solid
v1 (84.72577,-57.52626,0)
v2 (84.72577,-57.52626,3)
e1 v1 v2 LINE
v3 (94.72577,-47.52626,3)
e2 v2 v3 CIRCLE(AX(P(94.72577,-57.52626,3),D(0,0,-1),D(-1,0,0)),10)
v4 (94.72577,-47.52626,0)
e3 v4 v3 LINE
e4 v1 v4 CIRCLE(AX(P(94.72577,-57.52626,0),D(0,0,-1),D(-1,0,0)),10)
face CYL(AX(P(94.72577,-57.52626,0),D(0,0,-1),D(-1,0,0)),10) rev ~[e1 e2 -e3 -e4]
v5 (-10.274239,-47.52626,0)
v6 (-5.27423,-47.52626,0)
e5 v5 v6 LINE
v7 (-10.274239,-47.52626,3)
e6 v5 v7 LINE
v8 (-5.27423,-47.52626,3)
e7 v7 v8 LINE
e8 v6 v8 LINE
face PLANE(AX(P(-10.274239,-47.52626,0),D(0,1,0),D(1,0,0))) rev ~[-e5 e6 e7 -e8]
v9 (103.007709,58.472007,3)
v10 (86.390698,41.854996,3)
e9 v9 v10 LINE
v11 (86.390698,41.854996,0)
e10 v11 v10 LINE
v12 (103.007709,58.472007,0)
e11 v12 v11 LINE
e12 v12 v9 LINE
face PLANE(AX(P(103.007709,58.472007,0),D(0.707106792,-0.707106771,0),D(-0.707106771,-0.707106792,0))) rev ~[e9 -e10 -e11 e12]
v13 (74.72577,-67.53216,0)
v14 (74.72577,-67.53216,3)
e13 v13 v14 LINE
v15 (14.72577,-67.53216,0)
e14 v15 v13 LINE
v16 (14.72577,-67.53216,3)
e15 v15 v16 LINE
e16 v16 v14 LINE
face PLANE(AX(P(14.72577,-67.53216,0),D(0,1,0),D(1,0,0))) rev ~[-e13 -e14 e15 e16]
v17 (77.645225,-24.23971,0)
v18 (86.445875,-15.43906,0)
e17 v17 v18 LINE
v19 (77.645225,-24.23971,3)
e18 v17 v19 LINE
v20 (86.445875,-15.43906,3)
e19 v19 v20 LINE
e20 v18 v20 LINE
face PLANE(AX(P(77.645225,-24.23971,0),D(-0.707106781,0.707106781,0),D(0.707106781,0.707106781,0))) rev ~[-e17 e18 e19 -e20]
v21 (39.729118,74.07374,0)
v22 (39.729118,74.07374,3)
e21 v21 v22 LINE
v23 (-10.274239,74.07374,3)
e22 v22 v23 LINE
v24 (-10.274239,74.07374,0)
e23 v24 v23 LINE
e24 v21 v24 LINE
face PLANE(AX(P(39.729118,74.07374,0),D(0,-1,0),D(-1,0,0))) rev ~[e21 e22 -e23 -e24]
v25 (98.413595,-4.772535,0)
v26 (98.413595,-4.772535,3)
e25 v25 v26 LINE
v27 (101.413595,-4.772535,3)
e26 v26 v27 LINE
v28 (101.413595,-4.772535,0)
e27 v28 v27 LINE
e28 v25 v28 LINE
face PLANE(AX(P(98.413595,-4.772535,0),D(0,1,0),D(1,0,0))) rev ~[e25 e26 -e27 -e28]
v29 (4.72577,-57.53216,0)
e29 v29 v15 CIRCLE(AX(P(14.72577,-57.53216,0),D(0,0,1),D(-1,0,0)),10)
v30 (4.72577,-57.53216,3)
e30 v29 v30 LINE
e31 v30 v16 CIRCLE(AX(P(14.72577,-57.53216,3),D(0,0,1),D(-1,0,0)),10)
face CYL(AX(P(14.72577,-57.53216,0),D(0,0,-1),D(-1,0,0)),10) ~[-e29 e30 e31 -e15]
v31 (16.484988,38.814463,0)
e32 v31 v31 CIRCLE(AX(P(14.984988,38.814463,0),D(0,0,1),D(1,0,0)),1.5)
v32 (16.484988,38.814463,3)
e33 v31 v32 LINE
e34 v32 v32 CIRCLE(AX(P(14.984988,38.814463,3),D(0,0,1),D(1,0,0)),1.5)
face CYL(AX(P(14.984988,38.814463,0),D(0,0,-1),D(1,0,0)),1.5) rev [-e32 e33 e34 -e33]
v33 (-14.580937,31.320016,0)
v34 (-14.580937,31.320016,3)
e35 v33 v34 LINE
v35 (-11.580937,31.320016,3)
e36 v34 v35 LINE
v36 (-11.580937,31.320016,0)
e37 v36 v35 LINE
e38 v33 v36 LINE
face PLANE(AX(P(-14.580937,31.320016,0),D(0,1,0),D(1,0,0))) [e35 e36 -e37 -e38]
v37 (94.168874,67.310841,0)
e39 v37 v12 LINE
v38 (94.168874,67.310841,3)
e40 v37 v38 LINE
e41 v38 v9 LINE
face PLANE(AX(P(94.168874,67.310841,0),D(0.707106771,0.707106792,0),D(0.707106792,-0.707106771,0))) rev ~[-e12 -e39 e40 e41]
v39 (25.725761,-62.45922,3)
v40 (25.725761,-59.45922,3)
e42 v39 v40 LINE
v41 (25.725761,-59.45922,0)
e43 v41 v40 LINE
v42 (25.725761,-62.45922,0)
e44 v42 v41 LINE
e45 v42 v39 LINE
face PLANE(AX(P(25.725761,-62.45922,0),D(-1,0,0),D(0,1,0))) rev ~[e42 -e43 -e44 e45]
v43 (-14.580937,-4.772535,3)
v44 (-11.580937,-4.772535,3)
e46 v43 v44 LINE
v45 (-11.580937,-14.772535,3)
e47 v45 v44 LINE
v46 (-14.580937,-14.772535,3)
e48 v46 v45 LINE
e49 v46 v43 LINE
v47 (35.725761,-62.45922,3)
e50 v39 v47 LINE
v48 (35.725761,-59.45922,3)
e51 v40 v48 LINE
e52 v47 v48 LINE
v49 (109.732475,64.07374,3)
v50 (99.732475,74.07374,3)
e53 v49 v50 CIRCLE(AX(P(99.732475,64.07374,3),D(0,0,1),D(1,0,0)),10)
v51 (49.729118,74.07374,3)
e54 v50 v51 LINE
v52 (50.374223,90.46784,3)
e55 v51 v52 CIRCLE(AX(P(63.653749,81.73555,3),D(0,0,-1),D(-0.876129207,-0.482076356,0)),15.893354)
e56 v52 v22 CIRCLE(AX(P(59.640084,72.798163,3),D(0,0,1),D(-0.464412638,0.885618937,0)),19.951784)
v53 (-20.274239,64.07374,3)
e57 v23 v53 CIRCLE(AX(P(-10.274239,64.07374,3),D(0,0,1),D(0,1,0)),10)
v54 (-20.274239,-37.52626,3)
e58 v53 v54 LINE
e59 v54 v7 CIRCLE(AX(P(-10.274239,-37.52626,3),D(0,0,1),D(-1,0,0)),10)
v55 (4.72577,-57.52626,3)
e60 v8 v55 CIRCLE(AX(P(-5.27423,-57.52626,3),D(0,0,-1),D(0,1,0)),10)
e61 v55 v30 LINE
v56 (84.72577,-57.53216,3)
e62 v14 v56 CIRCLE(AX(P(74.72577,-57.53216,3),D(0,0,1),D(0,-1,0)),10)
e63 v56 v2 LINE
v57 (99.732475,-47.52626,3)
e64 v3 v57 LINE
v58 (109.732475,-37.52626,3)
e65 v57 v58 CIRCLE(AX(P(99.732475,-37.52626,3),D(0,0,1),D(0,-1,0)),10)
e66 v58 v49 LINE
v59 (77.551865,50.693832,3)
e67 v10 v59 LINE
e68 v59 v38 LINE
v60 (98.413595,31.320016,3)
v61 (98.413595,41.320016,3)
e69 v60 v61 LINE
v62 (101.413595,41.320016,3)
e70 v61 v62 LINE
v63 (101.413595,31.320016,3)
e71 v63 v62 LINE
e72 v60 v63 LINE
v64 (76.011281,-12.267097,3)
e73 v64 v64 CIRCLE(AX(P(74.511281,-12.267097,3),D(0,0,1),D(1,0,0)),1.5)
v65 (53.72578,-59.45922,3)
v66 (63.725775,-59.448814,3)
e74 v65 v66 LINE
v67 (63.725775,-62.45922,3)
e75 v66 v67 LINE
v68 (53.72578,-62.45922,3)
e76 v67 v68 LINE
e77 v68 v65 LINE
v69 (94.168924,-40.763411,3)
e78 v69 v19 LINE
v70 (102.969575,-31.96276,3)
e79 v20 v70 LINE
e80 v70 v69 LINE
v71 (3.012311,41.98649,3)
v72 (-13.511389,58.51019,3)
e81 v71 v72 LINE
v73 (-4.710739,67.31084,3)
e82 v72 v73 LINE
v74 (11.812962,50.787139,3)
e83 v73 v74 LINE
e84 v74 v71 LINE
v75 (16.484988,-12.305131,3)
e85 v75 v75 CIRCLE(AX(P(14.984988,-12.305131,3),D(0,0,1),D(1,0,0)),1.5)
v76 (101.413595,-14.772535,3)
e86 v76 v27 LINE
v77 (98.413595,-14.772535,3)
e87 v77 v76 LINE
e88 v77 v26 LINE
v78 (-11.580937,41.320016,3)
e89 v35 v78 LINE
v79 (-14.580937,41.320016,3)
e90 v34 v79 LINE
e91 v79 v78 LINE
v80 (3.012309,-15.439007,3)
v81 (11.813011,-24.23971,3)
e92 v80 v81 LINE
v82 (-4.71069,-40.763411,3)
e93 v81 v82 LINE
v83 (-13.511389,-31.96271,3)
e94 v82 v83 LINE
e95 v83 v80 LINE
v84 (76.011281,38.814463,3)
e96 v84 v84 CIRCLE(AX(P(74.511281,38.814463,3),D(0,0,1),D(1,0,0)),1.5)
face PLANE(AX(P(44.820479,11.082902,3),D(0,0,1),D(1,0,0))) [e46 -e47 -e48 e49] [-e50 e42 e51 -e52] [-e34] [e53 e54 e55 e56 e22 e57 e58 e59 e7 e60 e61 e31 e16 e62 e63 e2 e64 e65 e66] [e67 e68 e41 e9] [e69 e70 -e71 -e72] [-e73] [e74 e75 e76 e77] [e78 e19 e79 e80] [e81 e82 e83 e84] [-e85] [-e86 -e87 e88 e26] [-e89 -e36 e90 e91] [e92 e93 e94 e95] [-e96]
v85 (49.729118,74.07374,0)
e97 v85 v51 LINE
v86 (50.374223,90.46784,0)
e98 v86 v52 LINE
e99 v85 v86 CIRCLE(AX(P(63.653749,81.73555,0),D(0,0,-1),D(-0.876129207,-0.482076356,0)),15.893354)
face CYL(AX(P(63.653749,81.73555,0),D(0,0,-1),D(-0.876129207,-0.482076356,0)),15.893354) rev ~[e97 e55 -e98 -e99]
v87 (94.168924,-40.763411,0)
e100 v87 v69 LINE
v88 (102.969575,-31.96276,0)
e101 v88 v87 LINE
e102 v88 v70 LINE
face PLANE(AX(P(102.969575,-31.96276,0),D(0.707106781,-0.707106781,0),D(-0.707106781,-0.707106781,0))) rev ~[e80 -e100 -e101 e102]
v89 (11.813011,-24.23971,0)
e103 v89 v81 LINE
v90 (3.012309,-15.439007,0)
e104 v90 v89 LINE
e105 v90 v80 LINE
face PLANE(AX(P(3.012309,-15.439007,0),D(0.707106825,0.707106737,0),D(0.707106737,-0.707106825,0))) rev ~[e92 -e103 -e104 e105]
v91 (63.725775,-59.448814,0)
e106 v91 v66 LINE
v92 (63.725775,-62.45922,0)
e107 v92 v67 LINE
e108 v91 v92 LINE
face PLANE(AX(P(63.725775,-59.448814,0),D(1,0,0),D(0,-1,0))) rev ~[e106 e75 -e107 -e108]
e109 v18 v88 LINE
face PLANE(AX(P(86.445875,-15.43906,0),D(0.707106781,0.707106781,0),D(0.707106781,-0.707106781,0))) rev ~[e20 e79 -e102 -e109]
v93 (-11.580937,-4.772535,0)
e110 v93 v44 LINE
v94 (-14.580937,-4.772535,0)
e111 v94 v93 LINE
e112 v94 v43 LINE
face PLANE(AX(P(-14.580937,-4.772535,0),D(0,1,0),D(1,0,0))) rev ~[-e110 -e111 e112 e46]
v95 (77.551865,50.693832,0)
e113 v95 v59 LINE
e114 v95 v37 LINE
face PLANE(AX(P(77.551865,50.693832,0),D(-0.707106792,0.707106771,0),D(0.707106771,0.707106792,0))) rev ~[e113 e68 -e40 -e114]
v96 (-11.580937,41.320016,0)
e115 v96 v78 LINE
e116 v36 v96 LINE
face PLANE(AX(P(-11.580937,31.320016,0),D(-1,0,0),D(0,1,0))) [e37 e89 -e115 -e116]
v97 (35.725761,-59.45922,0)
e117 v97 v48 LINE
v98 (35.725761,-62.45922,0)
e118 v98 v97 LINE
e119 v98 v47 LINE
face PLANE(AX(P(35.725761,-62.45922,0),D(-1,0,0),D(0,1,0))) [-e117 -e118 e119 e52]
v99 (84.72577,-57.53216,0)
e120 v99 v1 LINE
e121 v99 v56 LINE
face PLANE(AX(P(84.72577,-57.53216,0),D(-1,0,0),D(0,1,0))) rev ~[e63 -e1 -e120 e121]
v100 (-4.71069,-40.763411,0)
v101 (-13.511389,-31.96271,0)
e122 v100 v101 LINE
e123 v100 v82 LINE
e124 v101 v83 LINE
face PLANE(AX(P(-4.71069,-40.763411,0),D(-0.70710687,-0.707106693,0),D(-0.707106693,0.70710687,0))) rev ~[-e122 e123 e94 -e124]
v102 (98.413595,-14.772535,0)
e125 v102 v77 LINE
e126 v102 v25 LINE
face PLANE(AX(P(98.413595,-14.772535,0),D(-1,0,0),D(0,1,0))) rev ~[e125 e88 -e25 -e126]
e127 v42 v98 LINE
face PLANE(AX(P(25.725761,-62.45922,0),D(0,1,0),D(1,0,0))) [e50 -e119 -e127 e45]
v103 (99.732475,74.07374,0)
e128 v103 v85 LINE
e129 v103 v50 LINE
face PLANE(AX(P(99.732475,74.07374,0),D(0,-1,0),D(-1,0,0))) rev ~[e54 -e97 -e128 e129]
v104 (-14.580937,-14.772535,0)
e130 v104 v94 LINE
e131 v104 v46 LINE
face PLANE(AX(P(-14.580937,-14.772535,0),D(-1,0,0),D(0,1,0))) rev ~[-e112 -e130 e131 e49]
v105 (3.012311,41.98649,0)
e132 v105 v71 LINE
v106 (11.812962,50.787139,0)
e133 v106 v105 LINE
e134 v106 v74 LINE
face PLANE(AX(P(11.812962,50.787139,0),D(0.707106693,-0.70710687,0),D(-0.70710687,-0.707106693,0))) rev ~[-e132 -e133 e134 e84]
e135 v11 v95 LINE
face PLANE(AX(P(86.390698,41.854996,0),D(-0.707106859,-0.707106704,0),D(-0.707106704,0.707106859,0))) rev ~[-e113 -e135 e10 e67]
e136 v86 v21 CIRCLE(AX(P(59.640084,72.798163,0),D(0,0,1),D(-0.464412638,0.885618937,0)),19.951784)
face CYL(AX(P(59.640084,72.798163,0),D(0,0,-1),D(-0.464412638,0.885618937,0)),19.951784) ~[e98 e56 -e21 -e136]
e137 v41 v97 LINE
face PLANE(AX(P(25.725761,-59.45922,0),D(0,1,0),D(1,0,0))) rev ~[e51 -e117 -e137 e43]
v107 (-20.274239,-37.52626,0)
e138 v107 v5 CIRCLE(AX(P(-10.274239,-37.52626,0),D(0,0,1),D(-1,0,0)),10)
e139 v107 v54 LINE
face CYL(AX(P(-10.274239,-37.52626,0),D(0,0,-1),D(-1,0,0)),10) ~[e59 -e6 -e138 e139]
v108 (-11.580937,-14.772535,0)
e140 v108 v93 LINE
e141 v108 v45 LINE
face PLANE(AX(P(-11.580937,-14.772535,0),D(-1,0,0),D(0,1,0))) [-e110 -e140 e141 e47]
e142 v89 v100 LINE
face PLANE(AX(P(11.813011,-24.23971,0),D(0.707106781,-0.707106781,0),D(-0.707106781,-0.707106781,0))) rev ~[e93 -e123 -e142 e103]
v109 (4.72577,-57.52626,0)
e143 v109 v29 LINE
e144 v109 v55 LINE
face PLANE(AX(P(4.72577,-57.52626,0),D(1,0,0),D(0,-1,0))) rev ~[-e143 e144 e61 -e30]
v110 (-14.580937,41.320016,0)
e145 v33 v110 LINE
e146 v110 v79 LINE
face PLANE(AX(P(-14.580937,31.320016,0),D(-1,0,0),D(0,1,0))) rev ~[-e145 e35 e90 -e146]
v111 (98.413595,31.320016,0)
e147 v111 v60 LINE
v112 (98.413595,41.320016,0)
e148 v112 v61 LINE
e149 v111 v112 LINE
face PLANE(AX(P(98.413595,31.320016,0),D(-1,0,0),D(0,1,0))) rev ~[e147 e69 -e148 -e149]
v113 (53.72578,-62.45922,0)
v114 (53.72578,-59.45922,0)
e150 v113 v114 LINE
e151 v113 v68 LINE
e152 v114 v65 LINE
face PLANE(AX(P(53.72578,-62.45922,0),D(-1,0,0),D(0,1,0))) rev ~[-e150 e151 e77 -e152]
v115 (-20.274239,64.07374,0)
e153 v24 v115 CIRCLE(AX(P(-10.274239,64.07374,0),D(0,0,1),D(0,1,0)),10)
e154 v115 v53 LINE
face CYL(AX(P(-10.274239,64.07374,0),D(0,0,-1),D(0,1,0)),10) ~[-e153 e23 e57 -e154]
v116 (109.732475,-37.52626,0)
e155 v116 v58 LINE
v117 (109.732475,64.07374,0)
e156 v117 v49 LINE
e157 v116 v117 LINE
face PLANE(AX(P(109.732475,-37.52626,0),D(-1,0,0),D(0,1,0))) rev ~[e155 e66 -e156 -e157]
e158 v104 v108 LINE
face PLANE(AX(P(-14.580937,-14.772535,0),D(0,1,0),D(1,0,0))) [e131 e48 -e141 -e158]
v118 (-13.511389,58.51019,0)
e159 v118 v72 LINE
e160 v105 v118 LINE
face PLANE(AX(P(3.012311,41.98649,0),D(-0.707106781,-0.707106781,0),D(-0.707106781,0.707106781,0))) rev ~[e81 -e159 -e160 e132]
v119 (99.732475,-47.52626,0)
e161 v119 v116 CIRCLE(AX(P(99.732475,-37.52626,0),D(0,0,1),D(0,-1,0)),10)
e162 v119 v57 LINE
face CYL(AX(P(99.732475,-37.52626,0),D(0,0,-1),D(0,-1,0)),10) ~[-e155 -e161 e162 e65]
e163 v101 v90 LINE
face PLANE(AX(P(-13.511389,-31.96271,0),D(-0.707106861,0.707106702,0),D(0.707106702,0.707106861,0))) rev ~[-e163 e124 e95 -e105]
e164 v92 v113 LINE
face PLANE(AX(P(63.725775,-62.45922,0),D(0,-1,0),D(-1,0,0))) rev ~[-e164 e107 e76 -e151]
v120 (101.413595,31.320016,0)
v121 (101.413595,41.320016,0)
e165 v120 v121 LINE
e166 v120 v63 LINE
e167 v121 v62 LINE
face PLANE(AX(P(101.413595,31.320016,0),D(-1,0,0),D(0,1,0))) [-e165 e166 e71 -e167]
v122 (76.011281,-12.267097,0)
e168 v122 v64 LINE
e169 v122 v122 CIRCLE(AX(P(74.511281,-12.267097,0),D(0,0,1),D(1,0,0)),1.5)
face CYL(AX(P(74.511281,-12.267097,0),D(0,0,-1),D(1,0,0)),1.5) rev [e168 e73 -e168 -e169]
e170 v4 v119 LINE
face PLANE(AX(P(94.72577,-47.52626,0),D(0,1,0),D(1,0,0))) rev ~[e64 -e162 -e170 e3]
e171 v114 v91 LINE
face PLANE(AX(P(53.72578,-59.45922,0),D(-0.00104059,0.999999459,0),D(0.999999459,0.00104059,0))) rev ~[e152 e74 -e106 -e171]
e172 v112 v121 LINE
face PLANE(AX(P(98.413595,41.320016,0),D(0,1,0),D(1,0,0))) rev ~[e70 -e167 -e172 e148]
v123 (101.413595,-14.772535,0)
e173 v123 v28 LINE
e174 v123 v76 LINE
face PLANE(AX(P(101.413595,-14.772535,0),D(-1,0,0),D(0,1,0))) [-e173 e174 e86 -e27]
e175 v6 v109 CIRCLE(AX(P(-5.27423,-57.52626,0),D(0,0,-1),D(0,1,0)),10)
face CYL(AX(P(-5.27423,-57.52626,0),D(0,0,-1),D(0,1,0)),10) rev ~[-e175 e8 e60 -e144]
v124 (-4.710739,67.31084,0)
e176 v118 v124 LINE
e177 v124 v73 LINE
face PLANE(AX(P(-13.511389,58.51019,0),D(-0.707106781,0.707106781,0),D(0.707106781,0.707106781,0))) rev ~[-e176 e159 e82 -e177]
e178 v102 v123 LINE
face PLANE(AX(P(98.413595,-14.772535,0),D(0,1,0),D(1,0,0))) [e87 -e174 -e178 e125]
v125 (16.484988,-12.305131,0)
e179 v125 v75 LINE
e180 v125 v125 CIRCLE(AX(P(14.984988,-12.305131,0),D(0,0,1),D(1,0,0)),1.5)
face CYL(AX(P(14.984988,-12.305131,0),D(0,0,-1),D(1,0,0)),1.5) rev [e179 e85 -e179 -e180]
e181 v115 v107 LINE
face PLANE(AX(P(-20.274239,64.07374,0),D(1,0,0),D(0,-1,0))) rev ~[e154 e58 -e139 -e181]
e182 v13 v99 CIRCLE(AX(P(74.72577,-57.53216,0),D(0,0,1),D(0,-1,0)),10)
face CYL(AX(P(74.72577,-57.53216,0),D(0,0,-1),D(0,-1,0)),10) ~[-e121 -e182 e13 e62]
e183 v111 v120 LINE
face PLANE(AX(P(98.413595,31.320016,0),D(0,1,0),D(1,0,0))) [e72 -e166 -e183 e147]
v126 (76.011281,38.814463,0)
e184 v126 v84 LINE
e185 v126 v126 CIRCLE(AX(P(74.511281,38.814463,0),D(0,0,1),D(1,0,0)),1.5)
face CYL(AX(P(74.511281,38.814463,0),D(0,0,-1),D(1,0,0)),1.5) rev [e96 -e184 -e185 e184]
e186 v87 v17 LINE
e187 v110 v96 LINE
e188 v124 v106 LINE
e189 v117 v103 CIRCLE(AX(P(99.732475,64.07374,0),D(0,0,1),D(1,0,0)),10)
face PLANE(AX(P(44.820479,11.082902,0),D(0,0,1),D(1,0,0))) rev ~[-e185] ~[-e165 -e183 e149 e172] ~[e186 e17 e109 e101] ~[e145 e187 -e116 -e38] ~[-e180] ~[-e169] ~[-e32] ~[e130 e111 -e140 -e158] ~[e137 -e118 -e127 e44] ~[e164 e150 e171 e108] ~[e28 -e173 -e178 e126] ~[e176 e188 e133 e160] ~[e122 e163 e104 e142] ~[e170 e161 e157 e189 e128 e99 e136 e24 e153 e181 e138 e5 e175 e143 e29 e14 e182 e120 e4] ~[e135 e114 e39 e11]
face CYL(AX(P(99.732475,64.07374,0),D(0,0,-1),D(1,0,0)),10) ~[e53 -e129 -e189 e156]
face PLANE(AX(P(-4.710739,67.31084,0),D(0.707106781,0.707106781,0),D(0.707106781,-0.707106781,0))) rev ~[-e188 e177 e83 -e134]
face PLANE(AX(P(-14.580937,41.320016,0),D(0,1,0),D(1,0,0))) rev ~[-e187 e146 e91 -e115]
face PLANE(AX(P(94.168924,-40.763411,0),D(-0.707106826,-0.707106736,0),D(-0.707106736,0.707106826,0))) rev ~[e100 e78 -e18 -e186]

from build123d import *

# Parameters (mm, degrees)
MODEL_W                 = 10
MODEL_H                 = 3
MODEL_W_2               = 3
MODEL_H_2               = 10
MODEL_R                 = 1.5
SALIENTE_EXTRUIR1_DEPTH = 3


with BuildPart() as part:
    # Model → Saliente-Extruir1 (new body)
    with BuildSketch(Plane.XY):
        with BuildLine():
            Line((-10.274239299, -47.526259687), (-5.274229553, -47.526259687))
            ThreePointArc((-5.274229553, -47.526259687), (1.796838258, -50.455191875), (4.725770447, -57.526259687))
            Line((4.725770447, -57.526259687), (4.725770447, -57.532159687))
            ThreePointArc((4.725770447, -57.532159687), (7.654702635, -64.603227499), (14.725770447, -67.532159687))
            Line((14.725770447, -67.532159687), (74.725770447, -67.532159687))
            ThreePointArc((74.725770447, -67.532159687), (81.796838258, -64.603227499), (84.725770447, -57.532159687))
            Line((84.725770447, -57.532159687), (84.725770447, -57.526259687))
            ThreePointArc((84.725770447, -57.526259687), (87.654702635, -50.455191875), (94.725770447, -47.526259687))
            Line((94.725770447, -47.526259687), (99.732474793, -47.526259687))
            ThreePointArc((99.732474793, -47.526259687), (106.803542605, -44.597327499), (109.732474793, -37.526259687))
            Line((109.732474793, -37.526259687), (109.732474793, 64.073740313))
            ThreePointArc((109.732474793, 64.073740313), (106.803542605, 71.144808125), (99.732474793, 74.073740313))
            Line((99.732474793, 74.073740313), (49.729117747, 74.073740313))
            ThreePointArc((49.729117747, 74.073740313), (47.772685887, 82.360468062), (50.374223429, 90.467840313))
            ThreePointArc((50.374223429, 90.467840313), (42.906482031, 83.66371575), (39.729117747, 74.073740313))
            Line((39.729117747, 74.073740313), (-10.274239299, 74.073740313))
            ThreePointArc((-10.274239299, 74.073740313), (-17.345307111, 71.144808125), (-20.274239299, 64.073740313))
            Line((-20.274239299, 64.073740313), (-20.274239299, -37.526259687))
            ThreePointArc((-20.274239299, -37.526259687), (-17.345307111, -44.597327499), (-10.274239299, -47.526259687))
        make_face()
        Polygon((-4.710690354, -40.763410741), (-13.511389214, -31.962709682), (3.012309414, -15.439007345), (11.813010679, -24.239709709), align=None, mode=Mode.SUBTRACT)
        with Locations((30.725760701, -60.959219621)):
            Rectangle(MODEL_W, MODEL_H, mode=Mode.SUBTRACT)
        with Locations((-13.08093725, -9.772535148)):
            Rectangle(MODEL_W_2, MODEL_H_2, mode=Mode.SUBTRACT)
        with Locations((14.984988274, -12.305130612)):
            Circle(MODEL_R, mode=Mode.SUBTRACT)
        Polygon((63.725774778, -62.459219621), (53.725780192, -62.459219621), (53.725780192, -59.459219621), (63.725774778, -59.448813721), align=None, mode=Mode.SUBTRACT)
        Polygon((102.969574793, -31.962759687), (94.16892376, -40.763410719), (77.645224816, -24.239709664), (86.445874793, -15.439059687), align=None, mode=Mode.SUBTRACT)
        with Locations((74.511280689, -12.267097017)):
            Circle(MODEL_R, mode=Mode.SUBTRACT)
        with Locations((99.91359519, -9.772535148)):
            Rectangle(MODEL_W_2, MODEL_H_2, mode=Mode.SUBTRACT)
        with Locations((-13.08093725, 36.320015775)):
            Rectangle(MODEL_W_2, MODEL_H_2, mode=Mode.SUBTRACT)
        with Locations((14.984988274, 38.81446274)):
            Circle(MODEL_R, mode=Mode.SUBTRACT)
        Polygon((-4.710739299, 67.310840313), (11.812961756, 50.787139259), (3.012310656, 41.986490358), (-13.511389299, 58.510190313), align=None, mode=Mode.SUBTRACT)
        with Locations((74.511280689, 38.81446274)):
            Circle(MODEL_R, mode=Mode.SUBTRACT)
        with Locations((99.91359519, 36.320015775)):
            Rectangle(MODEL_W_2, MODEL_H_2, mode=Mode.SUBTRACT)
        Polygon((103.007708555, 58.472006804), (86.39069839, 41.854996145), (77.551864592, 50.693831877), (94.168873658, 67.310841438), align=None, mode=Mode.SUBTRACT)
    extrude(amount=SALIENTE_EXTRUIR1_DEPTH)


solid = part.part
